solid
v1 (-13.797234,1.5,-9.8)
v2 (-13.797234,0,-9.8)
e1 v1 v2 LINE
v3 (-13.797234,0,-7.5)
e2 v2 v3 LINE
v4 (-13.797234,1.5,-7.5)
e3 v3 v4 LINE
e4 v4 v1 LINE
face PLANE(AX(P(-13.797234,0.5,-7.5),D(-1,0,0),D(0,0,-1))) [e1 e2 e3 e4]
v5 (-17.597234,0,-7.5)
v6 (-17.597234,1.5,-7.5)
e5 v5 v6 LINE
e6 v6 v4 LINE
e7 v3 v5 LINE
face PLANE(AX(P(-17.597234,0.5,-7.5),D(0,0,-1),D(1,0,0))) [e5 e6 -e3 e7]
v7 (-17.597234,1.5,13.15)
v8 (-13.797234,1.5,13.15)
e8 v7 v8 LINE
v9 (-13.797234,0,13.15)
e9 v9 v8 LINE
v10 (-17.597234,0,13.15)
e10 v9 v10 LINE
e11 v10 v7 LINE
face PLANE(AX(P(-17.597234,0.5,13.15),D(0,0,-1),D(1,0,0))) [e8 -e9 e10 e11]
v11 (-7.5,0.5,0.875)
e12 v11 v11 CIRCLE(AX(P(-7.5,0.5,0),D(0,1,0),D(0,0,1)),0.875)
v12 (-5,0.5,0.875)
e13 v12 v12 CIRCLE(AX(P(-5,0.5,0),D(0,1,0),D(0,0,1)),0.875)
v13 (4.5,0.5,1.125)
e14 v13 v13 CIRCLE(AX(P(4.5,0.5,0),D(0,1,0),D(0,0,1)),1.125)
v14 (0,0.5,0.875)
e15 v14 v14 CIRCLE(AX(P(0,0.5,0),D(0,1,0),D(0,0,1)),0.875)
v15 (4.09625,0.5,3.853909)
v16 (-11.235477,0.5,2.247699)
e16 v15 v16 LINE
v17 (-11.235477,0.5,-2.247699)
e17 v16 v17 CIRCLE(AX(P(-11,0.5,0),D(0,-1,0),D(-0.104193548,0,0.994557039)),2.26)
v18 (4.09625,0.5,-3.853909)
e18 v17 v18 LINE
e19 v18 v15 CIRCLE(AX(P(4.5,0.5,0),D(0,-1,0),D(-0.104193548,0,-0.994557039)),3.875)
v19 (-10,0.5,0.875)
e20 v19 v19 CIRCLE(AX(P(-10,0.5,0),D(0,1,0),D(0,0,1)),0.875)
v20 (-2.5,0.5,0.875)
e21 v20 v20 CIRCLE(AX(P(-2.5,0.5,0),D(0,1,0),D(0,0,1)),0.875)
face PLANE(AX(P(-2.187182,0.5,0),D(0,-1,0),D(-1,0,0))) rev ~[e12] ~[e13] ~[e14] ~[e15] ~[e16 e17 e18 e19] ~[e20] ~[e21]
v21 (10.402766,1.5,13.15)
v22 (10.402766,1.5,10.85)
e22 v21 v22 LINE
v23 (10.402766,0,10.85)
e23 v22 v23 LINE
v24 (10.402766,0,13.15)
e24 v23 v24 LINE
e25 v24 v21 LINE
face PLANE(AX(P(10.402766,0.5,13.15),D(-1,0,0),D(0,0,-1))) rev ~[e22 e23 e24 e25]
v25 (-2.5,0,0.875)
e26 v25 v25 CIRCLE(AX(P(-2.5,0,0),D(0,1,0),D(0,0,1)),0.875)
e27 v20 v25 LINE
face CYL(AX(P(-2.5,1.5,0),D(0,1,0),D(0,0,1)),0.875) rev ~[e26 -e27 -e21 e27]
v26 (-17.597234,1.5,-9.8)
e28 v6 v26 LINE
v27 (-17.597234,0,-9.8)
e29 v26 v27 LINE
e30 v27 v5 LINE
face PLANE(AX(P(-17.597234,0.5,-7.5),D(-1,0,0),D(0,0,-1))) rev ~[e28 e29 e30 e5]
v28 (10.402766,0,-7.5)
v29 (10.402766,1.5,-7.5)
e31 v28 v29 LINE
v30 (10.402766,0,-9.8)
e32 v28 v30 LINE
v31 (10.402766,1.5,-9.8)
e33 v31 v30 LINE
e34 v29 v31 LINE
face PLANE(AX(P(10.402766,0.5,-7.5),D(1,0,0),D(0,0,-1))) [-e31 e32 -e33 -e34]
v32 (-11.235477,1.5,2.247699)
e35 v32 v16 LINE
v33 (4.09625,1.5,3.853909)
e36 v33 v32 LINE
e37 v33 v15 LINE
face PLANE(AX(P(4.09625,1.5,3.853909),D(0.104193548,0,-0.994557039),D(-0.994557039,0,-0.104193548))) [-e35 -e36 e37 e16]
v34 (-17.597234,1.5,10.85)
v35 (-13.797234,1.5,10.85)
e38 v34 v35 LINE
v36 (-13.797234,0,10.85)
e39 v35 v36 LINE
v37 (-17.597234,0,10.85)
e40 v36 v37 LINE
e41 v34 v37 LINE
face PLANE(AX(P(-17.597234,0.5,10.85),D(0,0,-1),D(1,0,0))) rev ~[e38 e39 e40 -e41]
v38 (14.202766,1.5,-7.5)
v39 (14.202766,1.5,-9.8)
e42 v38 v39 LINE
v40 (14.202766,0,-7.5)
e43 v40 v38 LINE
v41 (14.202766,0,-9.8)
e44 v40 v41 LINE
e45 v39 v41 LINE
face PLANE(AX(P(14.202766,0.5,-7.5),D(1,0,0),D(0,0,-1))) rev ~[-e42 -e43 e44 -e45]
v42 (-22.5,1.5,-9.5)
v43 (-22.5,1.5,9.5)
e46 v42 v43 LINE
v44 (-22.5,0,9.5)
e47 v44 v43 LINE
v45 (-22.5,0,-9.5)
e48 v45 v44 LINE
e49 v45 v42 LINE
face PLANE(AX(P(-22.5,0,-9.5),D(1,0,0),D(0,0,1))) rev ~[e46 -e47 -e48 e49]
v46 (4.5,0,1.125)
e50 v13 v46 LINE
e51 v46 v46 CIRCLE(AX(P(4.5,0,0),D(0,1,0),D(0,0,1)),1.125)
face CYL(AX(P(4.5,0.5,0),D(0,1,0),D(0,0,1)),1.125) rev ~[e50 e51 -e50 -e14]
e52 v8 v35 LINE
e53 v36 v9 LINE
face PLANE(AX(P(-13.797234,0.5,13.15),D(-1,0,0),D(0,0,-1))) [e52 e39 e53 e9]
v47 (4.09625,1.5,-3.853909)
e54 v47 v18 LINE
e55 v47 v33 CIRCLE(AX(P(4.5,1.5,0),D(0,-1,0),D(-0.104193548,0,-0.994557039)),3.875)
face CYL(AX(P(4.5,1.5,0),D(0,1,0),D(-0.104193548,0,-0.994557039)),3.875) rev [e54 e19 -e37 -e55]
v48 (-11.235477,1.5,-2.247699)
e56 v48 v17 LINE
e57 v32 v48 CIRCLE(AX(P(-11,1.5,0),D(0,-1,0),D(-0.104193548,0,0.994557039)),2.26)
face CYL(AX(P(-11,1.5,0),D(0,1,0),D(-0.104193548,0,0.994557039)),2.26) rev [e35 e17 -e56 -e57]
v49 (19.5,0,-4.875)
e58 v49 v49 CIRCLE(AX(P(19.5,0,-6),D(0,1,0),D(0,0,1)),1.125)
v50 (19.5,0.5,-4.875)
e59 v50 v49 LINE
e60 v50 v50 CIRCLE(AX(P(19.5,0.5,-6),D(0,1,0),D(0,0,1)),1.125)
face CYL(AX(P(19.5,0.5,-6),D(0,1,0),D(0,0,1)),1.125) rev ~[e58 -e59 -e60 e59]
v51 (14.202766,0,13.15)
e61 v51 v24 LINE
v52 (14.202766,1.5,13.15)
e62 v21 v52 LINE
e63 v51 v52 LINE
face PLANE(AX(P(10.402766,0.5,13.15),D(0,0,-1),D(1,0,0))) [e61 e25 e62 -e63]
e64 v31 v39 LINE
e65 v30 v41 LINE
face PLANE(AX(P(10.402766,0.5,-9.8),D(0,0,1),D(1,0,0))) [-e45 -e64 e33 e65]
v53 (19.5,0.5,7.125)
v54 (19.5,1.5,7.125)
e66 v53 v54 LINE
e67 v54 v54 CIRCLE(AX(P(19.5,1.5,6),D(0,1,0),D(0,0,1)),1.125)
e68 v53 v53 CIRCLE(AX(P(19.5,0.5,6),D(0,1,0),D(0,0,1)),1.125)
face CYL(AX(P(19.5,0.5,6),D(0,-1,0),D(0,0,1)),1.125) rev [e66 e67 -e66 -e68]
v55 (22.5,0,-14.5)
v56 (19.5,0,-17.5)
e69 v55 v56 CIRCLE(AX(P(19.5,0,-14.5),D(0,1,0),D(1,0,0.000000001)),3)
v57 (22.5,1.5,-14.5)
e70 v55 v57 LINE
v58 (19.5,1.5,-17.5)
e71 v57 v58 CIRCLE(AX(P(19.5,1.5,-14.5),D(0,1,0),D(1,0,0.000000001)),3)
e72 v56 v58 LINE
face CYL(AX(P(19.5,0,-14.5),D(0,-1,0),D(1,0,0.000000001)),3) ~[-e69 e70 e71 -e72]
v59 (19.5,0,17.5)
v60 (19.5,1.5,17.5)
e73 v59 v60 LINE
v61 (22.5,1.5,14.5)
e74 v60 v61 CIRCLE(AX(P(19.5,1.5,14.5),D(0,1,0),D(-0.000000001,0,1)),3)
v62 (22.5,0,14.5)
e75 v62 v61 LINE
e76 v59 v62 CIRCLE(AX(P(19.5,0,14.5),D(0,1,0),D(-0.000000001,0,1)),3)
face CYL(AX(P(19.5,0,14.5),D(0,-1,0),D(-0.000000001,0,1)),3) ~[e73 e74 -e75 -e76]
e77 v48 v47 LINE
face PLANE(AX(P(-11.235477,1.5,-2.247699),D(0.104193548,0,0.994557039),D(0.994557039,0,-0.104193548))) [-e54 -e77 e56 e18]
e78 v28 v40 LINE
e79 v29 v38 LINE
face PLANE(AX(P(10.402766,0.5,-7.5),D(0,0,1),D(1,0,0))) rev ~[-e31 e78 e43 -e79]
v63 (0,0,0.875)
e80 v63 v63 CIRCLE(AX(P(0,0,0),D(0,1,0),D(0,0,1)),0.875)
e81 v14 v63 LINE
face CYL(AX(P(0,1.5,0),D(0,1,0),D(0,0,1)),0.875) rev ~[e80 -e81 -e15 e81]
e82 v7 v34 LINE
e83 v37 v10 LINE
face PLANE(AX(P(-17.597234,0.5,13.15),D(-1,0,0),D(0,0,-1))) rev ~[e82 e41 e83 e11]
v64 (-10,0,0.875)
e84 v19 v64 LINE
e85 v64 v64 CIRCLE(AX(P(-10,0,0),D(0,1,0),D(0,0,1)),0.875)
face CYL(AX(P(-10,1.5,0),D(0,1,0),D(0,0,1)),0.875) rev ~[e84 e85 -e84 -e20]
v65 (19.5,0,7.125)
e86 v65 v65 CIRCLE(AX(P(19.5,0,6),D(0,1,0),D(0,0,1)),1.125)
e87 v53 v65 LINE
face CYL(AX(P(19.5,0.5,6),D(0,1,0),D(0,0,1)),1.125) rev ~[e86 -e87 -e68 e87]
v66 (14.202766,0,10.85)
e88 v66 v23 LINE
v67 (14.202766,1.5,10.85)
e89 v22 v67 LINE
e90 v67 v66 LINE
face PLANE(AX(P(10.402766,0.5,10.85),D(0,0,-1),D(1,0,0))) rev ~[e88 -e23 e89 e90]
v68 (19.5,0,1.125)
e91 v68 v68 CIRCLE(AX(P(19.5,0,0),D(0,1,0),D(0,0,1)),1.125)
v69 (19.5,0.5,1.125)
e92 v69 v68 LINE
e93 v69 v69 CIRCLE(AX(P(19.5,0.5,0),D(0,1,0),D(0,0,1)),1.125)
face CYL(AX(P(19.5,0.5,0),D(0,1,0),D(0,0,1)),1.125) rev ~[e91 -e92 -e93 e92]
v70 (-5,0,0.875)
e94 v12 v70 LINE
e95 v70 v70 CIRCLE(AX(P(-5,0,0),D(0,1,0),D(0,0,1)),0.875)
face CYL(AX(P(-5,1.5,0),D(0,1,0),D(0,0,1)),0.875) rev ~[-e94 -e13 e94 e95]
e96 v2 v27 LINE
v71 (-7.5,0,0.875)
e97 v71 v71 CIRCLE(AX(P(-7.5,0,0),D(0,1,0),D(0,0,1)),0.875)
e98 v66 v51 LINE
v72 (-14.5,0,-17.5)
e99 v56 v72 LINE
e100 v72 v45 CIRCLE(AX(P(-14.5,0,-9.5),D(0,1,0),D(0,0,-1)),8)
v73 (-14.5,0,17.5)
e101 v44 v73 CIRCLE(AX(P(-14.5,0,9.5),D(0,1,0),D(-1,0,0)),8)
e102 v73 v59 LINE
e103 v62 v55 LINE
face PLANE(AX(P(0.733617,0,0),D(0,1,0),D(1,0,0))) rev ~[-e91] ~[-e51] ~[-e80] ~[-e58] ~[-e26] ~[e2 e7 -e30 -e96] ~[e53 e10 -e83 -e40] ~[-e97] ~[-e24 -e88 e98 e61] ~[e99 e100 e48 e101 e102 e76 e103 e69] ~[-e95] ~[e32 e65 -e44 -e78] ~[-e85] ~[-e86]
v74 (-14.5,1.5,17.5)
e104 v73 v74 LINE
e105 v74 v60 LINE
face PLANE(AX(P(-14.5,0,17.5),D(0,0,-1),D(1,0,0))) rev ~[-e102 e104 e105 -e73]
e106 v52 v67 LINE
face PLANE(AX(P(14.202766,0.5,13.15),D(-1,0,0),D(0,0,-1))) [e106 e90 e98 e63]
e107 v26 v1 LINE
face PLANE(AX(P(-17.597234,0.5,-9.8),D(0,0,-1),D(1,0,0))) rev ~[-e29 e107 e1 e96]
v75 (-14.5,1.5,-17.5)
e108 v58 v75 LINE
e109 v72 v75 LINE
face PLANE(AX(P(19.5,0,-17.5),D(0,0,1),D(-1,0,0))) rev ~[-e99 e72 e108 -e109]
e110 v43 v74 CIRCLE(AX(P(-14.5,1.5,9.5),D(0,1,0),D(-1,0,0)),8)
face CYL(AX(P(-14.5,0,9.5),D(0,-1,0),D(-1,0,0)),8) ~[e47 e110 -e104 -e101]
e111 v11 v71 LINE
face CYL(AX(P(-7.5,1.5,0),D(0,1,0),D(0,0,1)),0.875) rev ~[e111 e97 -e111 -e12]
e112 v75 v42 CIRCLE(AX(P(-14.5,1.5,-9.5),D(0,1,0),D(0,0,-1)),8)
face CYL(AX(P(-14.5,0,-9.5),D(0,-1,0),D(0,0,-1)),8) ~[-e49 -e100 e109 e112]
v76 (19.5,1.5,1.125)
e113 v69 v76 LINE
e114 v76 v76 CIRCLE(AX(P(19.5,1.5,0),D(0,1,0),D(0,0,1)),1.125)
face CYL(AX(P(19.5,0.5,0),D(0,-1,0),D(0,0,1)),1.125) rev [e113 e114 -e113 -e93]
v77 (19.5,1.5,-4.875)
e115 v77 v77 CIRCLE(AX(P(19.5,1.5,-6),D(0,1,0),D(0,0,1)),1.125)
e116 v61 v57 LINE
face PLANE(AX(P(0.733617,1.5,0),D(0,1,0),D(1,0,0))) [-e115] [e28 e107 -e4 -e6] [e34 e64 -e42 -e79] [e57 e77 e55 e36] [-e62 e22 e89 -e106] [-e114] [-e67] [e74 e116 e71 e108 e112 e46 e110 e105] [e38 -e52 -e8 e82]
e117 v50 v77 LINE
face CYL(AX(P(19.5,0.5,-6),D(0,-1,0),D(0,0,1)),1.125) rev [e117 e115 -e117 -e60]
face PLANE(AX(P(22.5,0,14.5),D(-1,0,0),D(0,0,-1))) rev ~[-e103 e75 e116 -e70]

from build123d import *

# Parameters (mm, degrees)
SALIENTE_EXTRUIR1_DEPTH = 1.5
CORTAR_EXTRUIR1_DEPTH   = 1
CROQUIS3_R              = 1.125
CROQUIS3_W              = 3.8
CROQUIS3_H              = 2.3
CORTAR_EXTRUIR2_DEPTH   = 1
CROQUIS4_R              = 0.875
CORTAR_EXTRUIR3_DEPTH   = 10


with BuildPart() as part:
    # Croquis1 → Saliente-Extruir1 (new body)
    with BuildSketch(Plane(origin=(0, 0, 0), x_dir=(1, 0, 0), z_dir=(0, 1, 0))):
        with BuildLine():
            Line((-14.5, -17.5), (19.5, -17.5))
            ThreePointArc((19.5, -17.5), (21.621320344, -16.621320344), (22.5, -14.5))
            Line((22.5, -14.5), (22.5, 14.5))
            ThreePointArc((22.5, 14.5), (21.621320344, 16.621320344), (19.5, 17.5))
            Line((19.5, 17.5), (-14.5, 17.5))
            ThreePointArc((-14.5, 17.5), (-20.156854249, 15.156854249), (-22.5, 9.5))
            Line((-22.5, 9.5), (-22.5, -9.5))
            ThreePointArc((-22.5, -9.5), (-20.156854249, -15.156854249), (-14.5, -17.5))
        make_face()
    extrude(amount=SALIENTE_EXTRUIR1_DEPTH)

    # Croquis2 → Cortar-Extruir1 (cut)
    with BuildSketch(Plane(origin=(0, 1.5, 0), x_dir=(1, 0, 0), z_dir=(0, 1, 0))):
        with BuildLine():
            Line((-11.235477419, 2.247698909), (4.09625, 3.853908527))
            ThreePointArc((4.09625, 3.853908527), (8.375, 0), (4.09625, -3.853908527))
            Line((4.09625, -3.853908527), (-11.235477419, -2.247698909))
            ThreePointArc((-11.235477419, -2.247698909), (-13.26, 0), (-11.235477419, 2.247698909))
        make_face()
    extrude(amount=-CORTAR_EXTRUIR1_DEPTH, mode=Mode.SUBTRACT)

    # Croquis3 → Cortar-Extruir2 (cut, symmetric)
    with BuildSketch(Plane(origin=(0, 0.5, 0), x_dir=(1, 0, 0), z_dir=(0, 1, 0))):
        with Locations(Location((4.5, 0, 0), (0, 0, 270))):
            Circle(CROQUIS3_R)
        with Locations(Location((19.5, 6, 0), (0, 0, 270))):
            Circle(CROQUIS3_R)
        with Locations(Location((19.5, -6, 0), (0, 0, 270))):
            Circle(CROQUIS3_R)
        with Locations(Location((19.5, 0, 0), (0, 0, 270))):
            Circle(CROQUIS3_R)
        with Locations((-15.697233885, 8.65)):
            Rectangle(CROQUIS3_W, CROQUIS3_H)
        with Locations((-15.697233885, -12)):
            Rectangle(CROQUIS3_W, CROQUIS3_H)
        with Locations((12.302766115, -12)):
            Rectangle(CROQUIS3_W, CROQUIS3_H)
        with Locations((12.302766115, 8.65)):
            Rectangle(CROQUIS3_W, CROQUIS3_H)
    extrude(amount=CORTAR_EXTRUIR2_DEPTH, both=True, mode=Mode.SUBTRACT)

    # Croquis4 → Cortar-Extruir3 (cut)
    with BuildSketch(Plane(origin=(0, 1.5, 0), x_dir=(1, 0, 0), z_dir=(0, 1, 0))):
        with Locations(Location((0, 0, 0), (0, 0, 270))):
            Circle(CROQUIS4_R)
        with Locations(Location((-5, 0, 0), (0, 0, 270))):
            Circle(CROQUIS4_R)
        with Locations(Location((-2.5, 0, 0), (0, 0, 270))):
            Circle(CROQUIS4_R)
        with Locations(Location((-7.5, 0, 0), (0, 0, 270))):
            Circle(CROQUIS4_R)
        with Locations(Location((-10, 0, 0), (0, 0, 270))):
            Circle(CROQUIS4_R)
    extrude(amount=-CORTAR_EXTRUIR3_DEPTH, mode=Mode.SUBTRACT)


solid = part.part
